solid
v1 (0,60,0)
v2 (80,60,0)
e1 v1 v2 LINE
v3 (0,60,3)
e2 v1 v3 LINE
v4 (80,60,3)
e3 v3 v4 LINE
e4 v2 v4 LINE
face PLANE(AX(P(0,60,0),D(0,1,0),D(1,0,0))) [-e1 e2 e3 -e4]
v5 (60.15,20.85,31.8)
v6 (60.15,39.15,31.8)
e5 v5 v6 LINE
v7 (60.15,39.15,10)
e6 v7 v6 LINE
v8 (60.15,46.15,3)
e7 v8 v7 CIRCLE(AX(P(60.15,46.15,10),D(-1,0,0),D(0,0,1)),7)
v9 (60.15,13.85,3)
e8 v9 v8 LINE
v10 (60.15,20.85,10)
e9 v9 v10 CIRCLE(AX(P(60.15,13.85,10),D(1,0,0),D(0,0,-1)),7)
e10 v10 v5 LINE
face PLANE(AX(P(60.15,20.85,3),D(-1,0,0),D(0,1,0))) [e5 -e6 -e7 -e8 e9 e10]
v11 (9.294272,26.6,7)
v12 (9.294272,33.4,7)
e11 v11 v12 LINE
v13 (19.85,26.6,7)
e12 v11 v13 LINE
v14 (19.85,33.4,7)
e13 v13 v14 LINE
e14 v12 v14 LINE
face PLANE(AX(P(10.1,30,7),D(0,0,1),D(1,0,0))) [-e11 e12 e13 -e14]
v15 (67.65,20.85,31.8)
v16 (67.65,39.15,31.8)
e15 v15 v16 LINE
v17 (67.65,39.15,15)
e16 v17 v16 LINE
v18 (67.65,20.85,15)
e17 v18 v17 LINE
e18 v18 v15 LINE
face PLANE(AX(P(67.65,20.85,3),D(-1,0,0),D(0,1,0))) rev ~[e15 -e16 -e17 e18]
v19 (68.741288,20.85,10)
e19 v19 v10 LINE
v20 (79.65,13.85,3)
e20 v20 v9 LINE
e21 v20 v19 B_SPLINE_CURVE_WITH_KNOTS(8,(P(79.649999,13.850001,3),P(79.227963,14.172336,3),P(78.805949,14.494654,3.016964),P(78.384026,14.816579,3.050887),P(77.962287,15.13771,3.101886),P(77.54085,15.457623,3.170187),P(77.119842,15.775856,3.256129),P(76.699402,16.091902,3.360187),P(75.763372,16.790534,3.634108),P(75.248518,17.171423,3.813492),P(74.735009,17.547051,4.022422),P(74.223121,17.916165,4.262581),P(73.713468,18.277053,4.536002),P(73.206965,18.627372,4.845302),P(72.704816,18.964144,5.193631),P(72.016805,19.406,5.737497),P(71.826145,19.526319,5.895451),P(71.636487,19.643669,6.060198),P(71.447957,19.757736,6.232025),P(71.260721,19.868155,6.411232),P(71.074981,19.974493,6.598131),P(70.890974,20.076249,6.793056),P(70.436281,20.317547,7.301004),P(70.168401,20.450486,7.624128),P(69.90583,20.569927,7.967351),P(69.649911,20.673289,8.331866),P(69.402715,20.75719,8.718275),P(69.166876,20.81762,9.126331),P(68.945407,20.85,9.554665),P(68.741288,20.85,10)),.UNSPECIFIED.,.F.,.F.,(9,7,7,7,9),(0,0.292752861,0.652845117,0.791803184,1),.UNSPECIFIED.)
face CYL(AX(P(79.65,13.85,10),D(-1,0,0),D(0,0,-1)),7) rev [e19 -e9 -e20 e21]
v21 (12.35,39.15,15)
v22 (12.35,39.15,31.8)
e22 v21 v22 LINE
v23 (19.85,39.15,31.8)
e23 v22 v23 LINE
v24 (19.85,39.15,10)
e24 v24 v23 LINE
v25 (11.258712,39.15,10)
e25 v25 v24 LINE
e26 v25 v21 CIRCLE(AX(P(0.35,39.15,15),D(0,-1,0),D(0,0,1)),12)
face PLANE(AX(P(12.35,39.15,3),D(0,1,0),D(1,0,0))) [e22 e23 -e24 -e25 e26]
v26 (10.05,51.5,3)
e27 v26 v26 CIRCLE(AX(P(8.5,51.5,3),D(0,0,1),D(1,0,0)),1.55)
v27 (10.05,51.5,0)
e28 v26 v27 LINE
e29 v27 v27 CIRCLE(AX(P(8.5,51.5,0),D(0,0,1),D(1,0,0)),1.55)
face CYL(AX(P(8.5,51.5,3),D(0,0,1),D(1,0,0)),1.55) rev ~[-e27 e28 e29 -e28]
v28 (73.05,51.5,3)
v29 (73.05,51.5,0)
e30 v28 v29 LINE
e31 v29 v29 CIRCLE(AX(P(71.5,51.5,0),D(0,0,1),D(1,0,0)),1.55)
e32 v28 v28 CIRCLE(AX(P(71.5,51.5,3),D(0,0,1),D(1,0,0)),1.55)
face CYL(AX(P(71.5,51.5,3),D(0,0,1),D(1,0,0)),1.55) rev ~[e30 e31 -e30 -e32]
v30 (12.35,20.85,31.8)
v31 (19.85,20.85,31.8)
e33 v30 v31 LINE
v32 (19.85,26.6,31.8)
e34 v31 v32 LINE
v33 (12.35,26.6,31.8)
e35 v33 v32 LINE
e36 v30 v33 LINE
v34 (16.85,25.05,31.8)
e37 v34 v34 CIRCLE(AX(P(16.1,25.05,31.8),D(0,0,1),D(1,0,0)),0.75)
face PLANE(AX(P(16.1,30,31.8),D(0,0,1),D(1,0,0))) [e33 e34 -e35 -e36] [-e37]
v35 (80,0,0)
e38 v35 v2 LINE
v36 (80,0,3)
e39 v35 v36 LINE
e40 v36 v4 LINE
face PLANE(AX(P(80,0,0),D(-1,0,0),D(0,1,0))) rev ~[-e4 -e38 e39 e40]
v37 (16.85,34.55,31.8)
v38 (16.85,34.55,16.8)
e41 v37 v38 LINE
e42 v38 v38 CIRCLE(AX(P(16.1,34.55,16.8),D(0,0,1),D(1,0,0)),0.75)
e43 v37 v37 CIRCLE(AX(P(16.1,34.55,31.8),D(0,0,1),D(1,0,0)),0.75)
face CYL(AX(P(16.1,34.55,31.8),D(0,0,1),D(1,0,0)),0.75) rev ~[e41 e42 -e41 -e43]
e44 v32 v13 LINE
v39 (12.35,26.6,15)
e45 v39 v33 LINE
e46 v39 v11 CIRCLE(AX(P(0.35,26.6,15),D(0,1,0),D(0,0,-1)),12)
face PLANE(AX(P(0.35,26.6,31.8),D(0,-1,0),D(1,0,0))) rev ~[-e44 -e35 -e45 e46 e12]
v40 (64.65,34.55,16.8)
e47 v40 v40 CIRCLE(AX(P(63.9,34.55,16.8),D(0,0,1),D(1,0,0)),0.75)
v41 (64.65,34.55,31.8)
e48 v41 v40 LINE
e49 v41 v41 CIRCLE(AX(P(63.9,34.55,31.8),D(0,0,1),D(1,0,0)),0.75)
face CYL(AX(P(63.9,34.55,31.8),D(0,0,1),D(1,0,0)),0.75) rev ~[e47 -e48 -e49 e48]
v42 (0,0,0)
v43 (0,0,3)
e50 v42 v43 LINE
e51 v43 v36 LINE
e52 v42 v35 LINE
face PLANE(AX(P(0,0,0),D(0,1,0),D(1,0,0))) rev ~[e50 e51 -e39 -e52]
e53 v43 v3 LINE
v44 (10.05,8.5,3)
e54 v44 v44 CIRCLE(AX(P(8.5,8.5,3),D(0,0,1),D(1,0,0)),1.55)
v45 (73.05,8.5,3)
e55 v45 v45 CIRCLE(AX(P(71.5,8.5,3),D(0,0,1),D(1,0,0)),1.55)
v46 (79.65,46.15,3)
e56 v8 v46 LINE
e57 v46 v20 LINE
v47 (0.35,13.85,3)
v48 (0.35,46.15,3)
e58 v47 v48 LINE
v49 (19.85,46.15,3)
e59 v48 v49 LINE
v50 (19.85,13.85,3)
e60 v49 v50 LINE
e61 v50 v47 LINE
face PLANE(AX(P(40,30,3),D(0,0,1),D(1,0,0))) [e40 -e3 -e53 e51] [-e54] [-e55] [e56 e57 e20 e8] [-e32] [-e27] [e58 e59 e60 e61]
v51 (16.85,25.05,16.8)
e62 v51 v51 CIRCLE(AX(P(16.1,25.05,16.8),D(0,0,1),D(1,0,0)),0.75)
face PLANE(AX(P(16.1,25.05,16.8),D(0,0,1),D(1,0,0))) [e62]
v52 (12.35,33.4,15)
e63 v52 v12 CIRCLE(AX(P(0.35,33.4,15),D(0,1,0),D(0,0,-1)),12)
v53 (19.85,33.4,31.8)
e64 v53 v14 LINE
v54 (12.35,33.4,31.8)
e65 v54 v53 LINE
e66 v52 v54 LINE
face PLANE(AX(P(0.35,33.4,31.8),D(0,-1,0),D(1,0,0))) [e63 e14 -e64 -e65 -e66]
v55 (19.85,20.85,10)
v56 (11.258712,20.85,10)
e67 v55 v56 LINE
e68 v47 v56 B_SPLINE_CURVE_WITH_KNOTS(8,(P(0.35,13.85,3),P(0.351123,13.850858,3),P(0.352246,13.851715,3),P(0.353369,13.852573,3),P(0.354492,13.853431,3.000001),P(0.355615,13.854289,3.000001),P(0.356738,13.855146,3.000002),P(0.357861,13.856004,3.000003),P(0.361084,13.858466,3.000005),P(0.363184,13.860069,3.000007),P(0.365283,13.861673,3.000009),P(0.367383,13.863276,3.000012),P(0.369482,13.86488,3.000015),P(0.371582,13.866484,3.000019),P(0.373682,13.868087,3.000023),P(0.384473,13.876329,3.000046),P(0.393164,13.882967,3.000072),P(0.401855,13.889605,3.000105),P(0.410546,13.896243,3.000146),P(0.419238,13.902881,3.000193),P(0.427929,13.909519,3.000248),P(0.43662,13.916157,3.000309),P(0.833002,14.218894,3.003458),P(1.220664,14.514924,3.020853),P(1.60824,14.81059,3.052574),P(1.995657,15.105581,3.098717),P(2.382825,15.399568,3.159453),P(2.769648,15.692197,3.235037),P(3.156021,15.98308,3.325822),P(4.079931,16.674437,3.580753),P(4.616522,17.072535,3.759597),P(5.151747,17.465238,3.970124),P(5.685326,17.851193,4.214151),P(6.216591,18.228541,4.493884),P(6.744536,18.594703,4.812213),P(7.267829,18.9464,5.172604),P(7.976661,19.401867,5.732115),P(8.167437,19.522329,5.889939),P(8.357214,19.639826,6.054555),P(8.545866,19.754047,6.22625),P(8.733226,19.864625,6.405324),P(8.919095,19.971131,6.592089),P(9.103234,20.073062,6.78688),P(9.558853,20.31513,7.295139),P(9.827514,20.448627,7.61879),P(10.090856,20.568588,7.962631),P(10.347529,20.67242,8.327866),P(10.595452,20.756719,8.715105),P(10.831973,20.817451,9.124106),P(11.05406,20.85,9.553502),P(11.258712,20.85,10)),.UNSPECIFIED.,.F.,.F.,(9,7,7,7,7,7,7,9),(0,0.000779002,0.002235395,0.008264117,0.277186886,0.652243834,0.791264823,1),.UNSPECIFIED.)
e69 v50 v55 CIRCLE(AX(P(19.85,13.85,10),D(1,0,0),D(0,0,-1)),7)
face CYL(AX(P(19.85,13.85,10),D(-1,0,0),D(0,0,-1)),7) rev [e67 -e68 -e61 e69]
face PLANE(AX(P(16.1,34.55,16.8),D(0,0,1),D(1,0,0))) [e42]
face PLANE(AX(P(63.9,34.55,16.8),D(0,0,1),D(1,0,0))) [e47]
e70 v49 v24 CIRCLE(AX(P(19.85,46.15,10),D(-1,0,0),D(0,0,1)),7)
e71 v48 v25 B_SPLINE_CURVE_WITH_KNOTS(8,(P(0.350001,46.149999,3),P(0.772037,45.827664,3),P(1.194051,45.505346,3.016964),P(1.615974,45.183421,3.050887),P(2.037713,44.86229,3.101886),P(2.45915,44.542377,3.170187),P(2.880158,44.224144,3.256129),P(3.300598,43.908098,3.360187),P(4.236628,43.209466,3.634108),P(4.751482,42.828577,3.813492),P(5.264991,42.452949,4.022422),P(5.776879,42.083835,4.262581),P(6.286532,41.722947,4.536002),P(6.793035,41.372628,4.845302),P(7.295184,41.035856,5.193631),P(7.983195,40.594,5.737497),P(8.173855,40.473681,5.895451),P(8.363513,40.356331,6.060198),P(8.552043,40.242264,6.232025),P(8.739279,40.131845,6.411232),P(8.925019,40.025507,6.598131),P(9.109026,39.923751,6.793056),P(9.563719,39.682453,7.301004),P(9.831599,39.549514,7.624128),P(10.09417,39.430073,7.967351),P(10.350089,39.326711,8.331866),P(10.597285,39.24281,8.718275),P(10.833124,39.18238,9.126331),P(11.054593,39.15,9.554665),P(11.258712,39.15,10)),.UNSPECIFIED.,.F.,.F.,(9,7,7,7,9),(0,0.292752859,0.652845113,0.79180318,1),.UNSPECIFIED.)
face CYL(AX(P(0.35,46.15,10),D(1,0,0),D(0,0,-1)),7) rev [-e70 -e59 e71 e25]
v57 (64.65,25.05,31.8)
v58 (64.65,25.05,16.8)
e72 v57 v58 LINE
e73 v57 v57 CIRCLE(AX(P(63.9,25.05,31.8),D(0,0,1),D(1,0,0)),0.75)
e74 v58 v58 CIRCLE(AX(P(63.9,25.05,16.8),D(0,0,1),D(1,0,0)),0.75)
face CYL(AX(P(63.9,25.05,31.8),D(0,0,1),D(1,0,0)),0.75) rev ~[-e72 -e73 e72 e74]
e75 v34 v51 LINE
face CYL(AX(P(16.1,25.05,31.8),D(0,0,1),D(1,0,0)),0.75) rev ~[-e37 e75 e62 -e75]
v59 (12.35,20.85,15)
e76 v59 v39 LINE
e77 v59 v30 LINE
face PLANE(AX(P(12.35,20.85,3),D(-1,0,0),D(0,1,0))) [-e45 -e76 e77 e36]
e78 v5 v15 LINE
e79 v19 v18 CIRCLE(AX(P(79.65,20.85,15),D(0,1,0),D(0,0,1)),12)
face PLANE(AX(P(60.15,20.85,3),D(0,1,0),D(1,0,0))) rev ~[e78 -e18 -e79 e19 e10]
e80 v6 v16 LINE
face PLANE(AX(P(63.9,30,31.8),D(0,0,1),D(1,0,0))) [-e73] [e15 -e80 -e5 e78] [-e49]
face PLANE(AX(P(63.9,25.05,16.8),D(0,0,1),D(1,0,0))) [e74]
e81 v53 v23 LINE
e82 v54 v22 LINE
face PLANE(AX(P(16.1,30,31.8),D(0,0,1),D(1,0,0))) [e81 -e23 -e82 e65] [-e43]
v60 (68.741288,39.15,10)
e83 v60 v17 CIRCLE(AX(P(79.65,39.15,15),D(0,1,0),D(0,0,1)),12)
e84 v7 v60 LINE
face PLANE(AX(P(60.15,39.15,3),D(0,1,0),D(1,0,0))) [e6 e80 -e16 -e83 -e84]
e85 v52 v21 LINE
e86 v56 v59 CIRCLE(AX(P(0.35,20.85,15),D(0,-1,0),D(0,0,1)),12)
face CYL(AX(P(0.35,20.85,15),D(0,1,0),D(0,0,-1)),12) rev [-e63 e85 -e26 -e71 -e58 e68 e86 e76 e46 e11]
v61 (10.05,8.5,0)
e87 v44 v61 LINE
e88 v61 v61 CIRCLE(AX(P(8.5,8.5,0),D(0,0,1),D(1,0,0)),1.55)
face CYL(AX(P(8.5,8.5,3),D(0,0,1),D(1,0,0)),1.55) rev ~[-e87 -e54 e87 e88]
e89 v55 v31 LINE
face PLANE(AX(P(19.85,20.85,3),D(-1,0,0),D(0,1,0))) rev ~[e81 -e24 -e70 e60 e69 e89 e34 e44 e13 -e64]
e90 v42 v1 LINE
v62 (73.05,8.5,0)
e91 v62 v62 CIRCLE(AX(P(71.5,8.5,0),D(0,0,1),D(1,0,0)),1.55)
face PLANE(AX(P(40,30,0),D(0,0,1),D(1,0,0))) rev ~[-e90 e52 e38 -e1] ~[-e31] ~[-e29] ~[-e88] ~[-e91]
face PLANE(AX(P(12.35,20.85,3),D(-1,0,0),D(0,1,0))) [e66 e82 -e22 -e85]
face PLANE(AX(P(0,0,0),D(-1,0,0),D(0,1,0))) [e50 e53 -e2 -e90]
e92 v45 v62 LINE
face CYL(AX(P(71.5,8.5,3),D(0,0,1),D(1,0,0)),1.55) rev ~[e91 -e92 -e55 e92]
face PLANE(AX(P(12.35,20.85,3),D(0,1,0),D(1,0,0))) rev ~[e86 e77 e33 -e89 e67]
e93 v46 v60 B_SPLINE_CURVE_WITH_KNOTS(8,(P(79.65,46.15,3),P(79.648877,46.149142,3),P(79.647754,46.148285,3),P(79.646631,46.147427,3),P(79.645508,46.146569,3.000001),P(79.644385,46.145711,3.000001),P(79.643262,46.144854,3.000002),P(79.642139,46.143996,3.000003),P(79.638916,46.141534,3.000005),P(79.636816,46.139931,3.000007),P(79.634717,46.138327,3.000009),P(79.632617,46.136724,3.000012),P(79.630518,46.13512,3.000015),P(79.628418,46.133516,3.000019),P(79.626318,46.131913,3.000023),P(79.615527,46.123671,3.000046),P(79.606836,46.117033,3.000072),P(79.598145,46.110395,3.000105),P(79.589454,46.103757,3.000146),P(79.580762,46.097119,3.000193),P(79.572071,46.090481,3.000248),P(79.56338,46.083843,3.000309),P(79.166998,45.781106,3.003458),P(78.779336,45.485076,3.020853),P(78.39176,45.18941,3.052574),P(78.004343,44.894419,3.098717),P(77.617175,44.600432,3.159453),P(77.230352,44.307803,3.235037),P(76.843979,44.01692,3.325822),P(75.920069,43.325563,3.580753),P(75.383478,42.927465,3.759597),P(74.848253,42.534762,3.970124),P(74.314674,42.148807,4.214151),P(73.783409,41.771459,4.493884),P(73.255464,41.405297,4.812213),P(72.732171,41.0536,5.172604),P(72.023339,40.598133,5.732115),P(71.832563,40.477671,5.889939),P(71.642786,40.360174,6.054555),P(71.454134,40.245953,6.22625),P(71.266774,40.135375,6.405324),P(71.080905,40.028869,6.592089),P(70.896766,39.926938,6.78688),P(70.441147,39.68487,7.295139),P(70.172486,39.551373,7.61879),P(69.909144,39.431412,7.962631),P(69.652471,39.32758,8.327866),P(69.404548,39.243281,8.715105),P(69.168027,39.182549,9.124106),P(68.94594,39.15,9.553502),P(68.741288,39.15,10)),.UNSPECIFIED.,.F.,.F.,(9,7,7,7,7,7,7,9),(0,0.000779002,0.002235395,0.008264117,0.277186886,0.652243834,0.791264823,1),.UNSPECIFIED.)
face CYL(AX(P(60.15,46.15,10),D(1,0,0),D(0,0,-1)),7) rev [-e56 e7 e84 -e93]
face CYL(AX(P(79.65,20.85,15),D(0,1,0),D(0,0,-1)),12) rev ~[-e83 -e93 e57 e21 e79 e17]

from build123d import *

# Parameters (mm, degrees)
SKETCH078_W     = 80
SKETCH078_H     = 60
PAD029_DEPTH    = 3
SKETCH079_W     = 7.5
SKETCH079_H     = 18.3
PAD030_DEPTH    = 28.8
SKETCH080_R     = 1.55
POCKET038_DEPTH = 5
SKETCH081_R     = 0.75
POCKET039_DEPTH = 15
FILLET024_R     = 12
FILLET025_R     = 7
SKETCH082_W     = 19.5
SKETCH082_H     = 6.8
POCKET040_DEPTH = 24.8


with BuildPart() as part:
    # Sketch078 → Pad029 (new body)
    with BuildSketch(Plane.XY):
        with Locations((40, 30)):
            Rectangle(SKETCH078_W, SKETCH078_H)
    extrude(amount=PAD029_DEPTH)

    # Sketch079 (on Face6 of Pad029) → Pad030 (join)
    with BuildSketch(Plane.XY.offset(3)):
        with Locations((16.1, 30)):
            Rectangle(SKETCH079_W, SKETCH079_H)
        with Locations((63.9, 30)):
            Rectangle(SKETCH079_W, SKETCH079_H)
    extrude(amount=PAD030_DEPTH)

    # Sketch080 (on Face5 of Pad030) → Pocket038 (cut)
    with BuildSketch(Plane.XY.offset(3)):
        with Locations((71.5, 51.5)):
            Circle(SKETCH080_R)
        with Locations((8.5, 51.5)):
            Circle(SKETCH080_R)
        with Locations((71.5, 8.5)):
            Circle(SKETCH080_R)
        with Locations((8.5, 8.5)):
            Circle(SKETCH080_R)
    extrude(amount=-POCKET038_DEPTH, mode=Mode.SUBTRACT)

    # Sketch081 (on Face19 of Pocket038) → Pocket039 (cut)
    with BuildSketch(Plane.XY.offset(31.8)):
        with Locations((16.1, 34.55)):
            Circle(SKETCH081_R)
        with Locations((16.1, 25.05)):
            Circle(SKETCH081_R)
        with Locations((63.9, 34.55)):
            Circle(SKETCH081_R)
        with Locations((63.9, 25.05)):
            Circle(SKETCH081_R)
    extrude(amount=-POCKET039_DEPTH, mode=Mode.SUBTRACT)

    # Fillet024
    fillet024_edges = [part.edges().sort_by_distance(p)[0] for p in [
        (12.35, 30, 3),
        (67.65, 30, 3),
    ]]
    fillet(fillet024_edges, radius=FILLET024_R)

    # Fillet025
    fillet025_edges = [part.edges().sort_by_distance(p)[0] for p in [
        (16.1, 20.85, 3),
        (63.9, 20.85, 3),
        (63.9, 39.15, 3),
        (16.1, 39.15, 3),
    ]]
    fillet(fillet025_edges, radius=FILLET025_R)

    # Sketch082 (on Face19 of Pocket039) → Pocket040 (cut)
    with BuildSketch(Plane.XY.offset(31.8)):
        with Locations((10.1, 30)):
            Rectangle(SKETCH082_W, SKETCH082_H)
    extrude(amount=-POCKET040_DEPTH, mode=Mode.SUBTRACT)


solid = part.part
